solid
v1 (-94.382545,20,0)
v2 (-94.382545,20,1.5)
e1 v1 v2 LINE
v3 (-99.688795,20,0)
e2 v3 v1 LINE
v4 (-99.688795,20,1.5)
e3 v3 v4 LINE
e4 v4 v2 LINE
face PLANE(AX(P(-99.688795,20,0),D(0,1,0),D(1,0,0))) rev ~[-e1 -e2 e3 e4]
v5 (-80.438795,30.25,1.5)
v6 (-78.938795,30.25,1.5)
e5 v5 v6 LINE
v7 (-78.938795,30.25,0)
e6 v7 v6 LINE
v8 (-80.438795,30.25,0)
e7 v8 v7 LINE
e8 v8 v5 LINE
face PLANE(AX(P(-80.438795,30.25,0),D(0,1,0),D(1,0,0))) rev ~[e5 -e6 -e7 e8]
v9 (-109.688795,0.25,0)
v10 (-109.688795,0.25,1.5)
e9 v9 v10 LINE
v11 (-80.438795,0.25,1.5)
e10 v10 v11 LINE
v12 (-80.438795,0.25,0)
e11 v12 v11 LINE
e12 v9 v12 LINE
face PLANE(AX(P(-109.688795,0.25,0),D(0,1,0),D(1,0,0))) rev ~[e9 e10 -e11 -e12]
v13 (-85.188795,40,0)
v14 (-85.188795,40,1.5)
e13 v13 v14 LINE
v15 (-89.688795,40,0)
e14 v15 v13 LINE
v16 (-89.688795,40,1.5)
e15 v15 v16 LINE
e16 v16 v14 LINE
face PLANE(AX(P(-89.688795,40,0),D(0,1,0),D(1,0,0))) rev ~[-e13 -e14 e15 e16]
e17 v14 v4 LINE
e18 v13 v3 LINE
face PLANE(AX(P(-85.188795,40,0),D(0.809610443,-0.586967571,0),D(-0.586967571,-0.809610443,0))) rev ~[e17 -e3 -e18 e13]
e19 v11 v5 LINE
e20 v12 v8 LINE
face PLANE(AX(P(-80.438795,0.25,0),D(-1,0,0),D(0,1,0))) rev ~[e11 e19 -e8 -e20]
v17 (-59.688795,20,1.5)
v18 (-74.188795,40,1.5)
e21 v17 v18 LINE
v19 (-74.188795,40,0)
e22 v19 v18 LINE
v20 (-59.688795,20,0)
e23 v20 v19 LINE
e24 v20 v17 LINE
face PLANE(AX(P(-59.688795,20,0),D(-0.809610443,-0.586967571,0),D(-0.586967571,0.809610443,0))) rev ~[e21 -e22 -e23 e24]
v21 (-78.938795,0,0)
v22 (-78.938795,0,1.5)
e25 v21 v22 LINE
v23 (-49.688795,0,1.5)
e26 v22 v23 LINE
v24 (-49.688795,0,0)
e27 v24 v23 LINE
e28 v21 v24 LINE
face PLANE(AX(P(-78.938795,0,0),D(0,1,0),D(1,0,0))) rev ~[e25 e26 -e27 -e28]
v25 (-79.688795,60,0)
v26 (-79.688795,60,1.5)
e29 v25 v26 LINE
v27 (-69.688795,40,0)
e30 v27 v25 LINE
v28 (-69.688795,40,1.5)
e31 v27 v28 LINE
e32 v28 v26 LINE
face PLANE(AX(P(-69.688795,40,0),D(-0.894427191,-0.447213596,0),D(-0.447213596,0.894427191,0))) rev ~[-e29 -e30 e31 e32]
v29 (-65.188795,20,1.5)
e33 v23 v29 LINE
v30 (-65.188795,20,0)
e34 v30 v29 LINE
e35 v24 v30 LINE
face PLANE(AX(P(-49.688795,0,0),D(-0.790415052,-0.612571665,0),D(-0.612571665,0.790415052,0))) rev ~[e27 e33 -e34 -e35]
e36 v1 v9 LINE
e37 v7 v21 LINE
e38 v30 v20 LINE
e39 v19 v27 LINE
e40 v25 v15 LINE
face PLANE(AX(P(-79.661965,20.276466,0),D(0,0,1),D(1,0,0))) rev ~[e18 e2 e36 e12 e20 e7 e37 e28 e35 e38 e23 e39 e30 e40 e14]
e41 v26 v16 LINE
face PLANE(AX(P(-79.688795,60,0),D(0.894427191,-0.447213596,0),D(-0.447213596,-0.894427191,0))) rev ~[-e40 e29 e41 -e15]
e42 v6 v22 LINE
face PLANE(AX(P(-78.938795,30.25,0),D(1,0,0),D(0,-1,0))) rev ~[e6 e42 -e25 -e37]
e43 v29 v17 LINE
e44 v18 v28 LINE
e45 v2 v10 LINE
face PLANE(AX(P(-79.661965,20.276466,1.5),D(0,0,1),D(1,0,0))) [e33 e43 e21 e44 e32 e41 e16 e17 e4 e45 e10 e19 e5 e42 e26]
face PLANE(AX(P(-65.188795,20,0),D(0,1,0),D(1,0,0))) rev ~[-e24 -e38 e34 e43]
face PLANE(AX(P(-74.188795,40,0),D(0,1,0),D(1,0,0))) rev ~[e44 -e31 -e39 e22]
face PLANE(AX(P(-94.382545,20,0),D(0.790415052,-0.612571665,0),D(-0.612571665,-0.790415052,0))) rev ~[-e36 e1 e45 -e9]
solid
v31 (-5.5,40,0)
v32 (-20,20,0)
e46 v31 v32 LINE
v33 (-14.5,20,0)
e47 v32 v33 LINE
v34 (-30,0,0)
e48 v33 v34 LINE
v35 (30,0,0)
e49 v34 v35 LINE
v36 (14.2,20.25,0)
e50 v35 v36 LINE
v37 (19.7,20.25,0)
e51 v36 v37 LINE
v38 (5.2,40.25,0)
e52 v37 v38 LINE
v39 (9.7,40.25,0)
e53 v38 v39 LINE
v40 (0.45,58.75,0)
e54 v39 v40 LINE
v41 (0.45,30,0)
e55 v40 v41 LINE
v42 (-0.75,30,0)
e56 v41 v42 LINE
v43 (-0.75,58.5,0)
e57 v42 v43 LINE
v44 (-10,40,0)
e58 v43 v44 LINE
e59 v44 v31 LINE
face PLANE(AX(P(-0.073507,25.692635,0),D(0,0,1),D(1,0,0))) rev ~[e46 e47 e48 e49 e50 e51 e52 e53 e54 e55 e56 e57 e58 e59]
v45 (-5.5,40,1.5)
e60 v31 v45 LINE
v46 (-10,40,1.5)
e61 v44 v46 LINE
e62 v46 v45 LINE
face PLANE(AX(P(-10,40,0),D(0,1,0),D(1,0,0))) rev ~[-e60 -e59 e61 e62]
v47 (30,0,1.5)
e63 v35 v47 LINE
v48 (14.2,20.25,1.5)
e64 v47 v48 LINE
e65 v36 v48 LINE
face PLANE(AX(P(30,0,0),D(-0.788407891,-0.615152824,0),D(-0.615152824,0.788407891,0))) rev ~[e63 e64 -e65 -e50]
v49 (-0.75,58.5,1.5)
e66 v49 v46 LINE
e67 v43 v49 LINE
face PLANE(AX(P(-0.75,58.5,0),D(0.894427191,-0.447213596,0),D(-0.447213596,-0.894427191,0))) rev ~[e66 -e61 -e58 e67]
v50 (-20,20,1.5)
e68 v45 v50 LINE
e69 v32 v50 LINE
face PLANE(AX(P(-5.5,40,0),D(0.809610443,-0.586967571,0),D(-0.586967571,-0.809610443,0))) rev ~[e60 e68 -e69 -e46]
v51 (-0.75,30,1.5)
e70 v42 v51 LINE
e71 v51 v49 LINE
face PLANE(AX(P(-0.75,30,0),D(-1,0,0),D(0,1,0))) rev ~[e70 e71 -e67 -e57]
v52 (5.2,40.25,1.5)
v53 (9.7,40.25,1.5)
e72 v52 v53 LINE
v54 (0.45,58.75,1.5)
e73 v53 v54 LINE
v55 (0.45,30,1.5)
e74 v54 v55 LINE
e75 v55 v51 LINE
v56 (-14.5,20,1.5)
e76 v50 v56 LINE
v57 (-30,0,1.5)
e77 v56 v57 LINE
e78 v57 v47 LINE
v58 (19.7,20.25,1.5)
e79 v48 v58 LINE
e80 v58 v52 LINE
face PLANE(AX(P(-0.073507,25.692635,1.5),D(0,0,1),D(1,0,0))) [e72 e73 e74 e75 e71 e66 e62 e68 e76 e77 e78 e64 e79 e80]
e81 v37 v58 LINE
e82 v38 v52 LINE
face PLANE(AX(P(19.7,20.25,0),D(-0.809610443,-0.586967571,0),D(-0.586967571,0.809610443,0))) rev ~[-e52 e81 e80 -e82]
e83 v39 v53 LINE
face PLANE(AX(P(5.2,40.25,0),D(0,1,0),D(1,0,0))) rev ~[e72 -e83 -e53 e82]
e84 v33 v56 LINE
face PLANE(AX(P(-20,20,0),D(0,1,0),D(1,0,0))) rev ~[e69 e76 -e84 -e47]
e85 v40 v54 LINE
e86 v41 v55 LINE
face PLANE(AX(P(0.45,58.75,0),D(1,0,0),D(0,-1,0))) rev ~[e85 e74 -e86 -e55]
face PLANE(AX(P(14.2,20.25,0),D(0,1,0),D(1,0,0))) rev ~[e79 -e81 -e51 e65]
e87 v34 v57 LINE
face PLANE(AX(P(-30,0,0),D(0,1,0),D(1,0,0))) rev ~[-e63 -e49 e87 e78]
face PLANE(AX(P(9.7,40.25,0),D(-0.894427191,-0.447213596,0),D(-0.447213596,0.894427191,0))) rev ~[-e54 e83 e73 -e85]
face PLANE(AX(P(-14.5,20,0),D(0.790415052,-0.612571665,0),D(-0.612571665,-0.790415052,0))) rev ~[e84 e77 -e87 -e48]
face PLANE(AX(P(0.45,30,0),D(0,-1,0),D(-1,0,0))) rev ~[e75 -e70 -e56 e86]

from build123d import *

# Parameters (mm, degrees)
F1_DEPTH = 1.5


with BuildPart() as f1:
    # F0 (on Top) → F1 (new body)
    with BuildSketch(Plane.XY):
        Polygon((-69.688795, 40), (-79.688795, 60), (-89.688795, 40), (-85.188795, 40), (-99.688795, 20), (-94.382545, 20), (-109.688795, 0.25), (-80.438795, 0.25), (-80.438795, 30.25), (-78.938795, 30.25), (-78.938795, 0), (-49.688795, 0), (-65.188795, 20), (-59.688795, 20), (-74.188795, 40), align=None)
        Polygon((-30, 0), (0, 0), (30, 0), (14.2, 20.25), (19.7, 20.25), (5.2, 40.25), (9.7, 40.25), (0.45, 58.75), (0.45, 30), (-0.75, 30), (-0.75, 58.5), (-10, 40), (-5.5, 40), (-20, 20), (-14.5, 20), align=None)
    extrude(amount=F1_DEPTH)


solid = f1.part
